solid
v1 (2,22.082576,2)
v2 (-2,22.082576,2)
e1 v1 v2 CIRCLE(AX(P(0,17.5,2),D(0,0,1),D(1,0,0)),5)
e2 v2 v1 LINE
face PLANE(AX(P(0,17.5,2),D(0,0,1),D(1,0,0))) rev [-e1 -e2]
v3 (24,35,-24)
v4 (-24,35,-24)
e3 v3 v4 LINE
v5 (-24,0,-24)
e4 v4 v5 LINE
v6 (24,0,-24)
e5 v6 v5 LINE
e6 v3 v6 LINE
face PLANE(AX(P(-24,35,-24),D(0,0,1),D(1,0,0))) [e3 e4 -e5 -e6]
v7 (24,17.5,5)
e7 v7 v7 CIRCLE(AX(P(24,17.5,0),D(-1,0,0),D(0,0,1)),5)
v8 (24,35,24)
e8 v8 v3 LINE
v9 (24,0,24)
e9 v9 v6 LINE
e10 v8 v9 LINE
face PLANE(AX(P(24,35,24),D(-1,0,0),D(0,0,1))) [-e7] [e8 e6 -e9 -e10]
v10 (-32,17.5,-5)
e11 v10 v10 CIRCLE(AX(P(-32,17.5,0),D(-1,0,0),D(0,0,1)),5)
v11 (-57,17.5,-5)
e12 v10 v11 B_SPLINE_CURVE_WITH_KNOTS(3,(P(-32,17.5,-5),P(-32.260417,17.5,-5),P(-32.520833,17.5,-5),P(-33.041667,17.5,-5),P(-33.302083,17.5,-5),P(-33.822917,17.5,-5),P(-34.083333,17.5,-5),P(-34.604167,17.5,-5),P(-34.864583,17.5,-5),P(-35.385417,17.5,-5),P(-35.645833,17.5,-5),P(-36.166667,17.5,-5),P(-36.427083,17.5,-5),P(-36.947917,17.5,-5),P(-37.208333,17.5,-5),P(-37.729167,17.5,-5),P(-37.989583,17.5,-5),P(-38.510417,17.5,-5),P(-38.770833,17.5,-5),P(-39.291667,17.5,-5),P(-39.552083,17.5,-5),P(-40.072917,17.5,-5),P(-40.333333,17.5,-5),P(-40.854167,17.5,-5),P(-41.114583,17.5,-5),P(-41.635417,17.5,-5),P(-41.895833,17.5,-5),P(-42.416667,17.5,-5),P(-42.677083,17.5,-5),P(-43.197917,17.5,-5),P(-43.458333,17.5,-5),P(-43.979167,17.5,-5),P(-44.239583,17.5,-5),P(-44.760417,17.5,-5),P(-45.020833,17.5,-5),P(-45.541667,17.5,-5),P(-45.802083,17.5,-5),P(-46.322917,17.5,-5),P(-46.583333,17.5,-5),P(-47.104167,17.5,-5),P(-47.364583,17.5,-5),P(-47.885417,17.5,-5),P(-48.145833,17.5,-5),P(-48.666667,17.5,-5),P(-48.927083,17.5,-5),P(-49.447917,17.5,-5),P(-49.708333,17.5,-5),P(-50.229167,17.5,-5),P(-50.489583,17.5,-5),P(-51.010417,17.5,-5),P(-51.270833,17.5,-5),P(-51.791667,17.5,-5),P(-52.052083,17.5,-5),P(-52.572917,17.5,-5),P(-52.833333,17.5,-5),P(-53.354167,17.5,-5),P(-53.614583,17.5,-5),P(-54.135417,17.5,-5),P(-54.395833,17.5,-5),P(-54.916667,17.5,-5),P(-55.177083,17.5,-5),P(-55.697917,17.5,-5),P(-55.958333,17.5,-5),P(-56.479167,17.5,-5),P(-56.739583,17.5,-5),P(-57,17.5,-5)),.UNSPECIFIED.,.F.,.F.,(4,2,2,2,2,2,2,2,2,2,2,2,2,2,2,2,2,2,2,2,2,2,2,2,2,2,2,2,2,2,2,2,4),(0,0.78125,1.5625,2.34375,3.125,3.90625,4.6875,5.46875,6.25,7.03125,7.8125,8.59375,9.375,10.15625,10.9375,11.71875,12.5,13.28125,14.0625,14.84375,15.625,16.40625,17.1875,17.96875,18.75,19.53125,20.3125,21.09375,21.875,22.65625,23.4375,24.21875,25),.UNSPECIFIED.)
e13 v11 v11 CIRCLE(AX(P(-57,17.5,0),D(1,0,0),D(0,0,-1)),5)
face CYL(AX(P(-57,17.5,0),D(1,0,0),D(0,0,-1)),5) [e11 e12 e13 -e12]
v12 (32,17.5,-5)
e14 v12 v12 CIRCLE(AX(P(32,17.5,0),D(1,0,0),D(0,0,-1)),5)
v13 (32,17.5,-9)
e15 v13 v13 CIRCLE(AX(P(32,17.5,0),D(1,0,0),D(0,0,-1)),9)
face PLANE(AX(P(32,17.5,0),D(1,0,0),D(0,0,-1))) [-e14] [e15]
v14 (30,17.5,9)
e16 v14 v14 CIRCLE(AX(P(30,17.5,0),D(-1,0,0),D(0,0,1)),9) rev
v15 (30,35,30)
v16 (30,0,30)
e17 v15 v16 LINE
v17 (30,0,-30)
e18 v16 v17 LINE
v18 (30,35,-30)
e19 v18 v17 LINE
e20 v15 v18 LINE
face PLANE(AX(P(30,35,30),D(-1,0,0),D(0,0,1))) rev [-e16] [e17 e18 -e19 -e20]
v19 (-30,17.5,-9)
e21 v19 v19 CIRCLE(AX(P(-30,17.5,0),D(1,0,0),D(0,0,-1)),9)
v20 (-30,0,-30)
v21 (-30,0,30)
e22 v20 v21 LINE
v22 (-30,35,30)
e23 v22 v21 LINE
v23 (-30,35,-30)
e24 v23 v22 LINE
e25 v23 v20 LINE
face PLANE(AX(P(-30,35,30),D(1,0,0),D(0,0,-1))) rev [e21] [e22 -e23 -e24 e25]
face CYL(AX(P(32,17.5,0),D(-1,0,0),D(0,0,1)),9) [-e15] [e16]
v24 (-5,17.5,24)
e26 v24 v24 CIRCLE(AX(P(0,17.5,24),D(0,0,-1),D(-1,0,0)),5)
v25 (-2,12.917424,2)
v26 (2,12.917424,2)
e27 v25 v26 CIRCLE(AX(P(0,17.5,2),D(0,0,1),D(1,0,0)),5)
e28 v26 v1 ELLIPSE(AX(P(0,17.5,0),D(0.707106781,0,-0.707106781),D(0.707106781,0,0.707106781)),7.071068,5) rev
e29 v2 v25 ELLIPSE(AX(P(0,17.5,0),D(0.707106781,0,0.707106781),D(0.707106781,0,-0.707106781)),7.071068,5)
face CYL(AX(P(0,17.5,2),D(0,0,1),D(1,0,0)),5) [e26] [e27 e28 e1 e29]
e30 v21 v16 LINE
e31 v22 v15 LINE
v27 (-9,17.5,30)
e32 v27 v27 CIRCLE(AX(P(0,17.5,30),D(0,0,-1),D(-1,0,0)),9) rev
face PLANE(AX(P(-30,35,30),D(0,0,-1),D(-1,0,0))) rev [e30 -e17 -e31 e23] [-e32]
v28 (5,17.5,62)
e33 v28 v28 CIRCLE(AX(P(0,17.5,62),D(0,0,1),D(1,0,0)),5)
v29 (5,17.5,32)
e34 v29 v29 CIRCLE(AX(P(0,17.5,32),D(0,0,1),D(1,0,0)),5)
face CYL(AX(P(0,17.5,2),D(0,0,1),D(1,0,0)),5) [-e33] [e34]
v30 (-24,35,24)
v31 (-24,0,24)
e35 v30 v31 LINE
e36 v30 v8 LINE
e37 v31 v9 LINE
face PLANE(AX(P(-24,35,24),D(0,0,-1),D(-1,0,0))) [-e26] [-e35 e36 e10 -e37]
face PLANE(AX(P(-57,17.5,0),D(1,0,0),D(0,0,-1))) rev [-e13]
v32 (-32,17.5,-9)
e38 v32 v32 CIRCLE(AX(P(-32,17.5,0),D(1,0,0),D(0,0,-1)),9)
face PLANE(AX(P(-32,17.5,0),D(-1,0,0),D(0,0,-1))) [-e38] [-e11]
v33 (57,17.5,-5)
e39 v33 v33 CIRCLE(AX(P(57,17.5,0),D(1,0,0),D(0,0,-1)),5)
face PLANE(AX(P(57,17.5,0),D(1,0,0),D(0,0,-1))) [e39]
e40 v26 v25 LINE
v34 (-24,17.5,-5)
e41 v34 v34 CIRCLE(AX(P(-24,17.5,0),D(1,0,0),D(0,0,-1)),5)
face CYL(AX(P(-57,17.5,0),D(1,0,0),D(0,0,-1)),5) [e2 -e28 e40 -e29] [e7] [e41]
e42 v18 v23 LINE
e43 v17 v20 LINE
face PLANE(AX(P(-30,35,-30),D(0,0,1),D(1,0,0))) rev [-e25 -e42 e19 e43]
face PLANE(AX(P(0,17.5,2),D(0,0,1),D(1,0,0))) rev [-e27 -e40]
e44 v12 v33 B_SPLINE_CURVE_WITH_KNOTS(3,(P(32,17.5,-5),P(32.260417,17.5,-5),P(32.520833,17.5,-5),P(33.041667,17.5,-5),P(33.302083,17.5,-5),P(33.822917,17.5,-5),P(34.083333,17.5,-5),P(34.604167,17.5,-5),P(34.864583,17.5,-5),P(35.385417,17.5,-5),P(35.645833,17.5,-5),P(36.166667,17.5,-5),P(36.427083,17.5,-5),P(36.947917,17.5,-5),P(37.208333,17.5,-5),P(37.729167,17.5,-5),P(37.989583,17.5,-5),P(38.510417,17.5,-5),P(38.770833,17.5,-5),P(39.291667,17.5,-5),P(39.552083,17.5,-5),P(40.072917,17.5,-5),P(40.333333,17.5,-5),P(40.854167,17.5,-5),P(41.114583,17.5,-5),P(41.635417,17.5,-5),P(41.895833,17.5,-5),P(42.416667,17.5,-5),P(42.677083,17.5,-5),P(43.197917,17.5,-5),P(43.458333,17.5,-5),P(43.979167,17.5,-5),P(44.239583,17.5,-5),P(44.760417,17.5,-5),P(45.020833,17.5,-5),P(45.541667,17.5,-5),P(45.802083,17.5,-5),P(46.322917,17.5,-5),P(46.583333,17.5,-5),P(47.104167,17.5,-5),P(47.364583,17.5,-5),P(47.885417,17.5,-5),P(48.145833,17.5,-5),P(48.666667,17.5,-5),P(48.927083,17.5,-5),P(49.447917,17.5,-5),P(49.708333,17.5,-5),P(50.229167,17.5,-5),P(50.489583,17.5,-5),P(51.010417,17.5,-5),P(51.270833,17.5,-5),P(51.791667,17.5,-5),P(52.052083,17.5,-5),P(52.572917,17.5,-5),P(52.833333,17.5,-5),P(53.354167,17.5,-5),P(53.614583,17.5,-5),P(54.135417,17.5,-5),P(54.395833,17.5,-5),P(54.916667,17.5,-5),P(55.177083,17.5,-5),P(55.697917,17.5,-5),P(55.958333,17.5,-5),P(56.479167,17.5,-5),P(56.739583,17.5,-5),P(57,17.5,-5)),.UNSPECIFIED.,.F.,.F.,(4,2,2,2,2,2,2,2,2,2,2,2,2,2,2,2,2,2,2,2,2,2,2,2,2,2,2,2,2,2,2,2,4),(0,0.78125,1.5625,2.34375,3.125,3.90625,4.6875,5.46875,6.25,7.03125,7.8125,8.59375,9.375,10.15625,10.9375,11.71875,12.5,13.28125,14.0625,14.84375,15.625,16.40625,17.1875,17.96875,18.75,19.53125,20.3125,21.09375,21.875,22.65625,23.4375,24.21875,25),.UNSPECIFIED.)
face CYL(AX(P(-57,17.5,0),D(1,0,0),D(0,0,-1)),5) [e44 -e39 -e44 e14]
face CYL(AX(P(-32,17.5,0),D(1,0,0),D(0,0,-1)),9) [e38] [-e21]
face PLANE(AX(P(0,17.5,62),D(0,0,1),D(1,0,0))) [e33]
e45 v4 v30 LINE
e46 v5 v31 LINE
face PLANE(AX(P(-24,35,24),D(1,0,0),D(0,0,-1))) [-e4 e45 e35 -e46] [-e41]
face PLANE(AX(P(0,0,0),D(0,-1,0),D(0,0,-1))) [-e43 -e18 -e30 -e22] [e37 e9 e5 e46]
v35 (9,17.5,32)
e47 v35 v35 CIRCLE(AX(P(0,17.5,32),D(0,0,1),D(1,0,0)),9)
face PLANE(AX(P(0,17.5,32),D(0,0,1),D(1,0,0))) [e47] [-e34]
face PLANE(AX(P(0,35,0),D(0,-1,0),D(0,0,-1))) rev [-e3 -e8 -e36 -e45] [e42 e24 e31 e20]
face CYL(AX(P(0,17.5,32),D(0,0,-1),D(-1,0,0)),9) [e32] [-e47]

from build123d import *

# Parameters (mm, degrees)
SKETCH2_W                = 60
SKETCH2_H                = 60
SKETCH2_W_2              = 48
SKETCH2_H_2              = 48
BOSS_EXTRUDE1_DEPTH      = 35
SKETCH3_R                = 5
CUT_EXTRUDE1_DEPTH       = 76.663729752
CUT_EXTRUDE2_REACH       = 77.664
SKETCH4_R                = 5
BOSS_EXTRUDE2_START      = 2
SKETCH5_R                = 9
SKETCH5_R_2              = 5
BOSS_EXTRUDE2_DEPTH      = 2
BOSS_EXTRUDE3_START      = 2
SKETCH7_R                = 9
SKETCH7_R_2              = 5
BOSS_EXTRUDE3_DEPTH      = 2
BOSS_EXTRUDE4_DEPTH      = 57
BOSS_EXTRUDE4_DEPTH_BACK = 57
SKETCH8_R                = 5
BOSS_EXTRUDE5_DEPTH      = 30
BOSS_EXTRUDE5_DEPTH_BACK = 30
SKETCH9_R                = 5


with BuildPart() as part:
    # Sketch2 → Boss-Extrude1 (new body)
    with BuildSketch(Plane(origin=(0, 0, 0), x_dir=(1, 0, 0), z_dir=(0, 1, 0))):
        Rectangle(SKETCH2_W, SKETCH2_H)
        Rectangle(SKETCH2_W_2, SKETCH2_H_2, mode=Mode.SUBTRACT)
    extrude(amount=BOSS_EXTRUDE1_DEPTH)

    # Sketch3 → Cut-Extrude1 (cut, through all)
    with BuildSketch(Plane(origin=(30, 0, 0), x_dir=(0, 0, -1), z_dir=(1, 0, 0))):
        with Locations((0, 17.5)):
            Circle(SKETCH3_R)
    extrude(amount=-CUT_EXTRUDE1_DEPTH, mode=Mode.SUBTRACT)

    # Sketch4 → Cut-Extrude2 (cut, up to next)
    with BuildSketch(Plane.XY.offset(30), mode=Mode.PRIVATE) as cut_extrude2_sk1:
        with Locations((0, 17.5)):
            Circle(SKETCH4_R)
    cut_extrude2_tool1 = extrude(cut_extrude2_sk1.sketch, amount=-CUT_EXTRUDE2_REACH, mode=Mode.PRIVATE) & part.part
    add(cut_extrude2_tool1.solids().sort_by_distance((0, 17.5, 30))[0], mode=Mode.SUBTRACT)

    # Sketch5 → Boss-Extrude2 (add)
    with BuildSketch(Plane.XY.offset(30).offset(BOSS_EXTRUDE2_START)):
        with Locations(Location((0, 17.5, 0), (0, 0, 180))):
            Circle(SKETCH5_R)
        with Locations((0, 17.5)):
            Circle(SKETCH5_R_2, mode=Mode.SUBTRACT)
    extrude(amount=-BOSS_EXTRUDE2_DEPTH)

    # Sketch7 → Boss-Extrude3 (add)
    with BuildSketch(Plane(origin=(30, 0, 0), x_dir=(0, 0, -1), z_dir=(1, 0, 0)).offset(BOSS_EXTRUDE3_START)):
        with Locations(Location((0, 17.5, 0), (0, 0, 180))):
            Circle(SKETCH7_R)
        with Locations((0, 17.5)):
            Circle(SKETCH7_R_2, mode=Mode.SUBTRACT)
    boss_extrude3 = extrude(amount=-BOSS_EXTRUDE3_DEPTH)

    # Mirror1: Boss-Extrude3 across plane
    add(boss_extrude3.mirror(Plane(origin=(0, 0, 0), x_dir=(0, 0, 1), z_dir=(1, 0, 0))))

    # Sketch8 → Boss-Extrude4 (add, two sides: drawn at the far end of the back side and taken through both)
    with BuildSketch(Plane(origin=(0, 0, 0), x_dir=(0, 0, -1), z_dir=(1, 0, 0)).offset(-BOSS_EXTRUDE4_DEPTH_BACK)):
        with Locations((0, 17.5)):
            Circle(SKETCH8_R)
    extrude(amount=BOSS_EXTRUDE4_DEPTH + BOSS_EXTRUDE4_DEPTH_BACK)

    # Sketch9 → Boss-Extrude5 (add, two sides: drawn at the far end of the back side and taken through both)
    with BuildSketch(Plane.XY.offset(32).offset(-BOSS_EXTRUDE5_DEPTH_BACK)):
        with Locations(Location((0, 17.5, 0), (0, 0, 293.578178478))):
            Circle(SKETCH9_R)
    extrude(amount=BOSS_EXTRUDE5_DEPTH + BOSS_EXTRUDE5_DEPTH_BACK)


solid = part.part
